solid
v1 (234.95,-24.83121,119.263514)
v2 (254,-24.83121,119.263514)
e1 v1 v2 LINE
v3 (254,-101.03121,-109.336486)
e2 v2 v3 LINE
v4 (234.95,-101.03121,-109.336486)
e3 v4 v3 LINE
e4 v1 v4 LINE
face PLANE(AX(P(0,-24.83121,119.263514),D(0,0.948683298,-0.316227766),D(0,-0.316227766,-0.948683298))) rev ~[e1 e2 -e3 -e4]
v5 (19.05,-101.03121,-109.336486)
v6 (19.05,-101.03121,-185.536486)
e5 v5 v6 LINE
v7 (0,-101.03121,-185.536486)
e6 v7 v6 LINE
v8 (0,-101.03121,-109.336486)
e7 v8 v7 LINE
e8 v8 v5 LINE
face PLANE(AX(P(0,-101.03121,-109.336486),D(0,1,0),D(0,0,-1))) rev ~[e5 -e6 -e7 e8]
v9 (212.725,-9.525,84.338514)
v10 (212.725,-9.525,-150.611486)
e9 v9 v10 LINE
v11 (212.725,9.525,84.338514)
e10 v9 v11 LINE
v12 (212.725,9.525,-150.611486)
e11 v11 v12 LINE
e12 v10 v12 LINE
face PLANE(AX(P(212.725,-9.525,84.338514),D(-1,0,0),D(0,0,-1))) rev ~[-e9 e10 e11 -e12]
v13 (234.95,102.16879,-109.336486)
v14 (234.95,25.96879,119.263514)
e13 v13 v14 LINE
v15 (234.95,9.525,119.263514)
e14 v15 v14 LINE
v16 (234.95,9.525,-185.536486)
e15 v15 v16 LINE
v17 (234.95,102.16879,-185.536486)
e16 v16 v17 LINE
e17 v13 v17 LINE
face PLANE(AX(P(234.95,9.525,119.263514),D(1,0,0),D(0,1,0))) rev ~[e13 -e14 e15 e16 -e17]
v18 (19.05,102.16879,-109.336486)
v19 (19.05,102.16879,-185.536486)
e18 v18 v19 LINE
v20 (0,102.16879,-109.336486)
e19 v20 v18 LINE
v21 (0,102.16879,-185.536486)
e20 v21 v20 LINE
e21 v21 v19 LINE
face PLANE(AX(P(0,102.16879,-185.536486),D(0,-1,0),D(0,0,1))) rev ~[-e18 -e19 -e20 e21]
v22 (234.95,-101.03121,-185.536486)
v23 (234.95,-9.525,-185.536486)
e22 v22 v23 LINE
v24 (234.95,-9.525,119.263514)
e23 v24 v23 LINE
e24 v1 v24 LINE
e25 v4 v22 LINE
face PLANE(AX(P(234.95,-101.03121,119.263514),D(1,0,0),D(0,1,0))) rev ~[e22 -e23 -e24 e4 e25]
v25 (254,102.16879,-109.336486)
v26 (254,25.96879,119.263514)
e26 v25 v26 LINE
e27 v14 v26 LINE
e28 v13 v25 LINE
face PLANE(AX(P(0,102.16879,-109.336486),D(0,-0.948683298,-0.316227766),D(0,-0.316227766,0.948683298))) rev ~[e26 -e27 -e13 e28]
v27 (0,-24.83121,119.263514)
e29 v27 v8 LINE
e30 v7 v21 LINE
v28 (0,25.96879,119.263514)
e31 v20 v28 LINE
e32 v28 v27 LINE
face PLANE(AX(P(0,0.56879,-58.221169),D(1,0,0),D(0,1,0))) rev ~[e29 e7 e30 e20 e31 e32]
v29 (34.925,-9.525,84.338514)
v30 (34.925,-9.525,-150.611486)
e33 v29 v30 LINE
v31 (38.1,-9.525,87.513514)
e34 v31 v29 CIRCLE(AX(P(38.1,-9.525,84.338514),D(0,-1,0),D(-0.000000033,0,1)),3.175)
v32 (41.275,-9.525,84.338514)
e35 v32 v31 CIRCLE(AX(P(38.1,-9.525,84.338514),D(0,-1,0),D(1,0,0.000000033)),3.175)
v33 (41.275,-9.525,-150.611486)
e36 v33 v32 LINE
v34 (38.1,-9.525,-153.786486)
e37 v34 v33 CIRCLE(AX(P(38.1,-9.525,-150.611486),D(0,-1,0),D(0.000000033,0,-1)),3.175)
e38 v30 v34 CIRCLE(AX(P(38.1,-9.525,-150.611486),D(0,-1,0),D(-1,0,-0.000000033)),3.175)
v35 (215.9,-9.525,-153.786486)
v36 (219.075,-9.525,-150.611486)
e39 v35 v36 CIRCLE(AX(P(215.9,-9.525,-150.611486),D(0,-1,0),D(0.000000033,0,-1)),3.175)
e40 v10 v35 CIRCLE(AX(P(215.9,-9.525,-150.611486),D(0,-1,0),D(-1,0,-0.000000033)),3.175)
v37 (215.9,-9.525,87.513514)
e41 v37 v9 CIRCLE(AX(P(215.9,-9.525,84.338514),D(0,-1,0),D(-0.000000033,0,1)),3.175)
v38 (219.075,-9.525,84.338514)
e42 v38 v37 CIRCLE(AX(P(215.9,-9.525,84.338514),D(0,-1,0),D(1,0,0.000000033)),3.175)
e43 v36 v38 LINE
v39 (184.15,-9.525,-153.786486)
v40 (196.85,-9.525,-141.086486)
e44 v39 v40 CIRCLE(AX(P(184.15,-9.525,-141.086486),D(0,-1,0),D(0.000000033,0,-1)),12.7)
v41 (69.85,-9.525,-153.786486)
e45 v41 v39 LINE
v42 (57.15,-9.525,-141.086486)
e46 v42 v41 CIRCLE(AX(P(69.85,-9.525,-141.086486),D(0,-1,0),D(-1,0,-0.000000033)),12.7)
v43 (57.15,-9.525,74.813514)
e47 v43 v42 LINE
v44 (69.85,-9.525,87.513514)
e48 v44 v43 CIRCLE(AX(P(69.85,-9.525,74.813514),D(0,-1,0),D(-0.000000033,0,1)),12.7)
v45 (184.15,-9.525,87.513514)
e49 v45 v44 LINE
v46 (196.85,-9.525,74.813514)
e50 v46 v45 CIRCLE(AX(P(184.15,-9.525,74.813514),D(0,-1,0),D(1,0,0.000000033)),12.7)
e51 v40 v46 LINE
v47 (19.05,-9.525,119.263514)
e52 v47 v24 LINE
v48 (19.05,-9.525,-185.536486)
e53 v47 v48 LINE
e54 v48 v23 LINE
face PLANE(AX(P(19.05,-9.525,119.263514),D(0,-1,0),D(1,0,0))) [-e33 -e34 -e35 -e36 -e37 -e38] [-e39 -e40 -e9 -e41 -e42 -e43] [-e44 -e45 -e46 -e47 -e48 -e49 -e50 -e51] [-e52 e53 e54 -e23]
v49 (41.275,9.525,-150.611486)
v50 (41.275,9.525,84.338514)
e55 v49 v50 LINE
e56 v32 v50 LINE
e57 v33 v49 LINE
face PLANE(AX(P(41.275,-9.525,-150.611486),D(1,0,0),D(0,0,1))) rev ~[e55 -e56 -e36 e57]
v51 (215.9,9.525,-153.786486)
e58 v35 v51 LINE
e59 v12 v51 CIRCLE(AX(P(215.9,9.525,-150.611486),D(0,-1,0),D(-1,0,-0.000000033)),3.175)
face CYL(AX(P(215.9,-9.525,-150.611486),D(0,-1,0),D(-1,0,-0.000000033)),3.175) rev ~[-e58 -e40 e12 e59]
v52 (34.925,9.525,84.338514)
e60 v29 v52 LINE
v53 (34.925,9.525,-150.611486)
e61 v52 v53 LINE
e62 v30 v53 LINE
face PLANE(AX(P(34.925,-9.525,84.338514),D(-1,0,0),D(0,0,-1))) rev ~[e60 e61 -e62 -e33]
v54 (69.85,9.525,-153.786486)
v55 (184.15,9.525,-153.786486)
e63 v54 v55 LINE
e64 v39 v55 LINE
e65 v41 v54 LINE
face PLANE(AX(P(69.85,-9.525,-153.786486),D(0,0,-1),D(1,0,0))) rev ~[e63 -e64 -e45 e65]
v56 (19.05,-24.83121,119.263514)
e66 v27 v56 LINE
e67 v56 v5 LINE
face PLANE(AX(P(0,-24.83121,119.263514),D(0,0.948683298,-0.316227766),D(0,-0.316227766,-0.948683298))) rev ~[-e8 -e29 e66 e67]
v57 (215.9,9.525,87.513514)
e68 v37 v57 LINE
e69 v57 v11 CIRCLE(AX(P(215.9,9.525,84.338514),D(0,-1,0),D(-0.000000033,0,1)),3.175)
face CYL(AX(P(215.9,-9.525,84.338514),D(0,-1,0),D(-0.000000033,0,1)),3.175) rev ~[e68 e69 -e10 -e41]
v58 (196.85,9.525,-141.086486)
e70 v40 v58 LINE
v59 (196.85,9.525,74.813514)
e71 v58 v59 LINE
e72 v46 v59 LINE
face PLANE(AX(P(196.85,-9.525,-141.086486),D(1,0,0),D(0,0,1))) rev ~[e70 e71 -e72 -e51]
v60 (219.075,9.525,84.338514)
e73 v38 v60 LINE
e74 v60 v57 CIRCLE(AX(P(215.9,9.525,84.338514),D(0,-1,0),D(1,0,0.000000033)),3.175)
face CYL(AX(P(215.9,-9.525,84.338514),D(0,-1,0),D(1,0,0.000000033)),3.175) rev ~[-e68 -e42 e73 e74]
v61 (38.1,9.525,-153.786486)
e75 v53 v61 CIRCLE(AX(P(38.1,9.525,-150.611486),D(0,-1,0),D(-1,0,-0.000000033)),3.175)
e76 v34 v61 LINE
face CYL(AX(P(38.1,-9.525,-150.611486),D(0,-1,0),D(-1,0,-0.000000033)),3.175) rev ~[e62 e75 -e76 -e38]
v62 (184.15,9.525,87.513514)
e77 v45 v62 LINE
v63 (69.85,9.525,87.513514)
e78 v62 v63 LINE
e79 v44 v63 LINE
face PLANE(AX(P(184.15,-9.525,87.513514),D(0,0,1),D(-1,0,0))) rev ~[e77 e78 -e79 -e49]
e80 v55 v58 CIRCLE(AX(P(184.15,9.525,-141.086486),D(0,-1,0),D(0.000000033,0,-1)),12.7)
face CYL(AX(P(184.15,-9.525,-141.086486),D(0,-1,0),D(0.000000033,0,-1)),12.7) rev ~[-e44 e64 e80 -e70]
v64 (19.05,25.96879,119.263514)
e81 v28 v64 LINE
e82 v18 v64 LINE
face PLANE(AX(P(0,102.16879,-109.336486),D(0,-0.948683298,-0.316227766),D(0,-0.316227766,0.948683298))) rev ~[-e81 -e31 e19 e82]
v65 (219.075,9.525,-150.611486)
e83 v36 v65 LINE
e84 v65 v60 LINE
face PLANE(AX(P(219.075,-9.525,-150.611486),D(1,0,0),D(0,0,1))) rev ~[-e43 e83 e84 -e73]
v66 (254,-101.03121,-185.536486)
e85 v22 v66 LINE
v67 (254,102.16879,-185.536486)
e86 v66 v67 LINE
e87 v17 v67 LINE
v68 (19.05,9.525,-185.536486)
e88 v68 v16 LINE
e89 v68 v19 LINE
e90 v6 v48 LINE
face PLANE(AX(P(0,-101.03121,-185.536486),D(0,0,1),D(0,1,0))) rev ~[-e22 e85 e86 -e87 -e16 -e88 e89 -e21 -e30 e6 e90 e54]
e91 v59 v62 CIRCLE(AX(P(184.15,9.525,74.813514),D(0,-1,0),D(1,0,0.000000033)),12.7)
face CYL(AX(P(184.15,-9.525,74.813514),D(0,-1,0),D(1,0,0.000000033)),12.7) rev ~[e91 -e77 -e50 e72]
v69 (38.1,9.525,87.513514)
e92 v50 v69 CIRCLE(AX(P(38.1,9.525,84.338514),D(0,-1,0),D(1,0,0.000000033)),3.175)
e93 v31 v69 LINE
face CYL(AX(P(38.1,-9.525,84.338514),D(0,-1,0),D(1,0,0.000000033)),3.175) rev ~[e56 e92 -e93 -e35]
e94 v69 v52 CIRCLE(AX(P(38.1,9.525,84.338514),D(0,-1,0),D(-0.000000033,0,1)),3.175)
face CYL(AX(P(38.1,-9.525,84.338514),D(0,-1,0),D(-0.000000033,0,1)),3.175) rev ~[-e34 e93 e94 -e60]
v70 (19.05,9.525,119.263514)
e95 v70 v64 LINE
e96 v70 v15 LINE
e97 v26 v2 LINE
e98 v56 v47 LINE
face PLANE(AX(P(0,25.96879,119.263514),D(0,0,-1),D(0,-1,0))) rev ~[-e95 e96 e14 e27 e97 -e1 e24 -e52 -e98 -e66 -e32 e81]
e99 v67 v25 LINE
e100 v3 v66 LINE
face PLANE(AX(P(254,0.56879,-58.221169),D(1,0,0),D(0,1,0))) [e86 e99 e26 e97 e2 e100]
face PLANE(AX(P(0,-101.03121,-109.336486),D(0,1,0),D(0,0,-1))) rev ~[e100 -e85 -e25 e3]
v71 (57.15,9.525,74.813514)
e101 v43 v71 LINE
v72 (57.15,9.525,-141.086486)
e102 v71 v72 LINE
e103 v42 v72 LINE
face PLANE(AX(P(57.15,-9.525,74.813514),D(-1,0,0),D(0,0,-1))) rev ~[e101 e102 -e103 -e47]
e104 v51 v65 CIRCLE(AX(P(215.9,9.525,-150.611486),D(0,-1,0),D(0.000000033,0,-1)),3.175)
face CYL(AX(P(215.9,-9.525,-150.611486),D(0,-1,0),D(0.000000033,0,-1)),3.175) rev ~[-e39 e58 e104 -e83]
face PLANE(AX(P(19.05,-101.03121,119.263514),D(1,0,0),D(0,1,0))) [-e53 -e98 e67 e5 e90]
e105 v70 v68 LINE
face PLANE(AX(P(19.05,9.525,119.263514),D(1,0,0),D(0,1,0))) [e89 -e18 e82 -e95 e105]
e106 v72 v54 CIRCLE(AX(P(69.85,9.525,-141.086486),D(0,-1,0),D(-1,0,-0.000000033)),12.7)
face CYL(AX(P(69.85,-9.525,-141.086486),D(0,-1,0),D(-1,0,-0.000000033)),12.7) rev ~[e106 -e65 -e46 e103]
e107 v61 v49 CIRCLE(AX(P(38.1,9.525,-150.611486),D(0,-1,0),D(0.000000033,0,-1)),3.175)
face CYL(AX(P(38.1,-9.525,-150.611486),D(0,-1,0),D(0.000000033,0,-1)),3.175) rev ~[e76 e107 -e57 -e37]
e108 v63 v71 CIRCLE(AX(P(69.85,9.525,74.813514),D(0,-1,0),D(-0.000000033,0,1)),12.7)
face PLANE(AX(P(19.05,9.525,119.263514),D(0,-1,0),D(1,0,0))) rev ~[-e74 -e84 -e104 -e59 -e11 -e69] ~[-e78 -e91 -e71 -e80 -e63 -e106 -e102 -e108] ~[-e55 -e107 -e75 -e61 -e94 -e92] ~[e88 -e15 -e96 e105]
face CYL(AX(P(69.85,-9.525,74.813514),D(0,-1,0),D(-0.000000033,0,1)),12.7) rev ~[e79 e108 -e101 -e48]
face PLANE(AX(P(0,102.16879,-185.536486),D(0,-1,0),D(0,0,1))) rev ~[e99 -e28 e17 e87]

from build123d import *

# Parameters (mm, degrees)
F1_DEPTH = 254
F2_W     = 215.9
F2_H     = 92.64379
F2_H_2   = 91.50621
F3_DEPTH = 304.801
F5_DEPTH = 111.69479
F7_DEPTH = 111.69479


with BuildPart() as f1:
    # F0 (on Right) → F1 (new body)
    with BuildSketch(Plane.YZ):
        Polygon((25.96879, 119.263514), (-24.83121, 119.263514), (-101.03121, -109.336486), (-101.03121, -185.536486), (102.16879, -185.536486), (102.16879, -109.336486), align=None)
    extrude(amount=F1_DEPTH)

    # F2 (on face) → F3 (cut, through all)
    with BuildSketch(Plane.XY.offset(119.263514)):
        with Locations((127, 55.846895)):
            Rectangle(F2_W, F2_H)
        with Locations((127, -55.278105)):
            Rectangle(F2_W, F2_H_2)
    extrude(amount=-F3_DEPTH, mode=Mode.SUBTRACT)

    # F4 (on face) → F5 (cut, through all)
    with BuildSketch(Plane.XZ.offset(9.525)):
        with BuildLine():
            Line((184.15, 87.513514), (69.85, 87.513514))
            ThreePointArc((69.85, 87.513514), (60.869744, 83.79377), (57.15, 74.813514))
            Line((57.15, 74.813514), (57.15, -141.086486))
            ThreePointArc((57.15, -141.086486), (60.869744, -150.066742), (69.85, -153.786486))
            Line((69.85, -153.786486), (184.15, -153.786486))
            ThreePointArc((184.15, -153.786486), (193.130256, -150.066742), (196.85, -141.086486))
            Line((196.85, -141.086486), (196.85, 74.813514))
            ThreePointArc((196.85, 74.813514), (193.130256, 83.79377), (184.15, 87.513514))
        make_face()
    extrude(amount=-F5_DEPTH, mode=Mode.SUBTRACT)

    # F6 (on face) → F7 (cut, through all)
    with BuildSketch(Plane.XZ.offset(9.525)):
        with BuildLine():
            ThreePointArc((38.1, 87.513514), (35.854936, 86.583578), (34.925, 84.338514))
            Line((34.925, 84.338514), (34.925, -150.611486))
            ThreePointArc((34.925, -150.611486), (35.854936, -152.85655), (38.1, -153.786486))
            ThreePointArc((38.1, -153.786486), (40.345064, -152.85655), (41.275, -150.611486))
            Line((41.275, -150.611486), (41.275, 84.338514))
            ThreePointArc((41.275, 84.338514), (40.345064, 86.583578), (38.1, 87.513514))
        make_face()
        with BuildLine():
            ThreePointArc((215.9, -153.786486), (218.145064, -152.85655), (219.075, -150.611486))
            Line((219.075, -150.611486), (219.075, 84.338514))
            ThreePointArc((219.075, 84.338514), (218.145064, 86.583578), (215.9, 87.513514))
            ThreePointArc((215.9, 87.513514), (213.654936, 86.583578), (212.725, 84.338514))
            Line((212.725, 84.338514), (212.725, -150.611486))
            ThreePointArc((212.725, -150.611486), (213.654936, -152.85655), (215.9, -153.786486))
        make_face()
    extrude(amount=-F7_DEPTH, mode=Mode.SUBTRACT)


solid = f1.part
